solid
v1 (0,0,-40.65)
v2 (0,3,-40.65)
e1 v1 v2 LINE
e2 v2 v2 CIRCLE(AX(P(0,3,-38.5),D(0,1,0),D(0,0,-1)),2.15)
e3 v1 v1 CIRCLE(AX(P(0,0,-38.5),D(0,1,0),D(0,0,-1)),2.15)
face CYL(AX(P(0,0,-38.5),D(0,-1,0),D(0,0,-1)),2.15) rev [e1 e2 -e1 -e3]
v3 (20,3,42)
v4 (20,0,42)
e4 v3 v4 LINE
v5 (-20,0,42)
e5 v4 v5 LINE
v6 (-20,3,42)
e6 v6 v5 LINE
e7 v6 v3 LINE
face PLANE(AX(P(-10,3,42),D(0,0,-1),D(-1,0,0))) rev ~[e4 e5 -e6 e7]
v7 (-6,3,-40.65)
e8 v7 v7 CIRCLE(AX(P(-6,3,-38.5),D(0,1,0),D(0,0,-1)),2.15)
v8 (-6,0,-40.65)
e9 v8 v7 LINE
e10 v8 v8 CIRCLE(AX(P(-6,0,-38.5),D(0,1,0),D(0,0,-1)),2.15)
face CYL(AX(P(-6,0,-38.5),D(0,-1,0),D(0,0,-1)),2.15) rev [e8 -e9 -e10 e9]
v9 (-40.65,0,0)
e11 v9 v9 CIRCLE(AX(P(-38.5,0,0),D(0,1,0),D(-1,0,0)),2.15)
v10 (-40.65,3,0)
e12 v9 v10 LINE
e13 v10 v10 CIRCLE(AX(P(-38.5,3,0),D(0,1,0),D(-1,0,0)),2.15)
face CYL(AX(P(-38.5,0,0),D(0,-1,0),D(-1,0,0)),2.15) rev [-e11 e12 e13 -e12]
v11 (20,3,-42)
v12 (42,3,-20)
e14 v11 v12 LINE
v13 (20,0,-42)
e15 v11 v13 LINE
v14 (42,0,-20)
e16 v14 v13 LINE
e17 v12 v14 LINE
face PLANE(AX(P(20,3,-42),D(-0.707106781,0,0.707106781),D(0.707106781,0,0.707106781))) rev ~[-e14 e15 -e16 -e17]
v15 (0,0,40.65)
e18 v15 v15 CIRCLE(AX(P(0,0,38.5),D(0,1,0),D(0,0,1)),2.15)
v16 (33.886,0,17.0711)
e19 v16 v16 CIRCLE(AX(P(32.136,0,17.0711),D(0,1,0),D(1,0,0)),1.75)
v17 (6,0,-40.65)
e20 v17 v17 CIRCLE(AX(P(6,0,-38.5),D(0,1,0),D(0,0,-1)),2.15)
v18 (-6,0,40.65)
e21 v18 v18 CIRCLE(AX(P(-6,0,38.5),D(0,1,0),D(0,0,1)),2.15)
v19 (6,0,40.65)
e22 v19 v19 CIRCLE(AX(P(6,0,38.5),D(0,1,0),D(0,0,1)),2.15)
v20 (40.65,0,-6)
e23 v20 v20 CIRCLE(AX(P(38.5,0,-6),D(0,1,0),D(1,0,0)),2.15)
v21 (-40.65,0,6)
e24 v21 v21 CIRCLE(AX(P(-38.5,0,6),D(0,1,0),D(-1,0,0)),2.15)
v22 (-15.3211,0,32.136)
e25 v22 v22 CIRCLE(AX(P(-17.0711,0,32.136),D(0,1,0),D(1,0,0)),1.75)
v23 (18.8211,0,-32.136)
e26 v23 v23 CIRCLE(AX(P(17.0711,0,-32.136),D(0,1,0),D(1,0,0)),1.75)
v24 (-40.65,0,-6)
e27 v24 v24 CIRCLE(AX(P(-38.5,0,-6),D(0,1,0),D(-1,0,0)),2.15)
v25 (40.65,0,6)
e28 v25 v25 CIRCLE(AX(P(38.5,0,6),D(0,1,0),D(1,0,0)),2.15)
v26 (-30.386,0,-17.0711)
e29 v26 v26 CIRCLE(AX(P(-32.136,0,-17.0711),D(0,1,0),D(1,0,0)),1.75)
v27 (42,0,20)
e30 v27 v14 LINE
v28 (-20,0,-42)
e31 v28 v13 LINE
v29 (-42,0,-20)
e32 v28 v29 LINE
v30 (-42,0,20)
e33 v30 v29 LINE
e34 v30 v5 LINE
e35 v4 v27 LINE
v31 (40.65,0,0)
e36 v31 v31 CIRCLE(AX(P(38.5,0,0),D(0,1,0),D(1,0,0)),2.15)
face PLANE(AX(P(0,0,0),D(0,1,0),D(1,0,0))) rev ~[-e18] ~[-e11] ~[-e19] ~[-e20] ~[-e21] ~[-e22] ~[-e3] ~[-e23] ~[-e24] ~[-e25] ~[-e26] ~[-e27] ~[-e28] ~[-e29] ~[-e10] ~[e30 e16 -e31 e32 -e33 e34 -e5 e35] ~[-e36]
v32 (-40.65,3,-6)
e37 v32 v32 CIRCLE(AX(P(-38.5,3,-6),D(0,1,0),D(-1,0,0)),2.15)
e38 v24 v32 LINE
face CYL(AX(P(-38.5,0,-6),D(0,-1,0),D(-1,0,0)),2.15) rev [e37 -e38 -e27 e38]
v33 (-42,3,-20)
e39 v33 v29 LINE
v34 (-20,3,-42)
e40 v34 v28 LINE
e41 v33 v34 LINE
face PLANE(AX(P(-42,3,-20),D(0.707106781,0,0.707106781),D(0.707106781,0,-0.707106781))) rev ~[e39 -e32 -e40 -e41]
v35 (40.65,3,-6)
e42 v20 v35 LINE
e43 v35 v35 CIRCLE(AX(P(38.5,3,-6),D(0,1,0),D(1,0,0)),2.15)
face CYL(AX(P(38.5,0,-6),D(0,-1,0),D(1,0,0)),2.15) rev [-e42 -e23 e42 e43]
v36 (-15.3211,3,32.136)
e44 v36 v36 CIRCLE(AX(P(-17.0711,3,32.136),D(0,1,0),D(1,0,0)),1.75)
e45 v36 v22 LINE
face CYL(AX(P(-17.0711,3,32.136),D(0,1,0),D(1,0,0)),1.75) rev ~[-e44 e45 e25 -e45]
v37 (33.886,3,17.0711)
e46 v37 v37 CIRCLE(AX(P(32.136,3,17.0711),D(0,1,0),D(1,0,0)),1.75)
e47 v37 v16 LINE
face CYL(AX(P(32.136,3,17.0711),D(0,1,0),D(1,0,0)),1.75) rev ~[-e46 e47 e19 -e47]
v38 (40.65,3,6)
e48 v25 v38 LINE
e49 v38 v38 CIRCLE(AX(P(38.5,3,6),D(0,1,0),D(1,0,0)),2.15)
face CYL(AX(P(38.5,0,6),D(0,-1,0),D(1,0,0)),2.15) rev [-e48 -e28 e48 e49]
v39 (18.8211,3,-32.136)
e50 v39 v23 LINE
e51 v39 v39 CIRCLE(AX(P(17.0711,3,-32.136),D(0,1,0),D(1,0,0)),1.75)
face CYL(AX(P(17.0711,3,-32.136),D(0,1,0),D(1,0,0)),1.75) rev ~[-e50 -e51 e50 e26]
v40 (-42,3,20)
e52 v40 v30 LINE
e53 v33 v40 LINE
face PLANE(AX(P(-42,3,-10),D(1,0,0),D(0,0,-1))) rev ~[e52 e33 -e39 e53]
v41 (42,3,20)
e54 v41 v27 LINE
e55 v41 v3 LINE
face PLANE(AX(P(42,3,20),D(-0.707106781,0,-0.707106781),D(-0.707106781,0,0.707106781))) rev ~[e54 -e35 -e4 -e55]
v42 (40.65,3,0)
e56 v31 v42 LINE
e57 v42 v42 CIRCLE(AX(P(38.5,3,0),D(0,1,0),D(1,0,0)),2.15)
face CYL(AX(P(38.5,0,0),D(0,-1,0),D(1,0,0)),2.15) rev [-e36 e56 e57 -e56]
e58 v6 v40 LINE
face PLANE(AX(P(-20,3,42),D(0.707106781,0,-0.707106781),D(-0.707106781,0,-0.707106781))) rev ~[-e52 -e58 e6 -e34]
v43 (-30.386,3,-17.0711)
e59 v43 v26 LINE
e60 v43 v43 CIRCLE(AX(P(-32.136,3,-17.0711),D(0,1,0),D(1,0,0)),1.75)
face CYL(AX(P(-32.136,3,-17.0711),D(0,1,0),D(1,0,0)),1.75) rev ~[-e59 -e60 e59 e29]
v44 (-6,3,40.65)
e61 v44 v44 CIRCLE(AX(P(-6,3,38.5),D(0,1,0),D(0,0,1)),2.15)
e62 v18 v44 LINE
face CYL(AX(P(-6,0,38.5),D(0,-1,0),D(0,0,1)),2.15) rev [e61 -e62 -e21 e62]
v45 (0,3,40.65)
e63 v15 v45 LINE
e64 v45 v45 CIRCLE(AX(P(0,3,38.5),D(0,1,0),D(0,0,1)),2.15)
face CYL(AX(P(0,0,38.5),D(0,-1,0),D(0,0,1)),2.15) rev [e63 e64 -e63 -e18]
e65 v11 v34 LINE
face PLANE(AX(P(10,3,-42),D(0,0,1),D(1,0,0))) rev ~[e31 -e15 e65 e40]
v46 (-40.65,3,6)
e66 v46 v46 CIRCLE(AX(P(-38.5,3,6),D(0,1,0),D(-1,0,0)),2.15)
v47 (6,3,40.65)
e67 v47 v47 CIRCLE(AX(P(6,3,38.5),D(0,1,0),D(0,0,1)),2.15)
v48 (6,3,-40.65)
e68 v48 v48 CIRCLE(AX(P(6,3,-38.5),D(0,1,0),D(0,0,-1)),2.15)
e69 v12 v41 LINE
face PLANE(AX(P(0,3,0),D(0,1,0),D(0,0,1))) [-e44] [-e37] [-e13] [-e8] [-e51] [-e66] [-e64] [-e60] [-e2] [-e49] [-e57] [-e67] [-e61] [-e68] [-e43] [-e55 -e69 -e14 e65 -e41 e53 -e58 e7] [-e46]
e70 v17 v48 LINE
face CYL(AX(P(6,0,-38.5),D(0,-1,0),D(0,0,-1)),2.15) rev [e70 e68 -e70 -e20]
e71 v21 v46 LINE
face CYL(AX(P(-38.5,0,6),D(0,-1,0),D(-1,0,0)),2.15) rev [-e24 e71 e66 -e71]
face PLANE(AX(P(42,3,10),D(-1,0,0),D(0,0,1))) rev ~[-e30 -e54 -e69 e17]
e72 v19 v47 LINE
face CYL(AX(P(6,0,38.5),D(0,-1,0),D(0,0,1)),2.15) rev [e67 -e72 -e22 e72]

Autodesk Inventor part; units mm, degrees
ref_plane "YZ Plane" through (0, 0, 0) normal (1, 0, 0) x (0, 1, 0)
ref_plane "XZ Plane" through (0, 0, 0) normal (0, 1, 0) x (-1, 0, 0)
ref_plane "XY Plane" through (0, 0, 0) normal (0, 0, 1) x (1, 0, 0)
sketch "Esquisse1" plane through (0, 0, 0) normal (0, 1, 0) x (-1, 0, 0)
  line L0 (35, 35) -> (35, 14)
  line L1 (35, 14) -> (42, 10)
  line L2 (42, 10) -> (42, 0)
  line L3 (35, 35) -> (0, 0)
  line L4 (42, 0) -> (0, 0) construction
  line L5 (35, -35) -> (35, -14)
  line L6 (35, -14) -> (42, -10)
  line L7 (42, -10) -> (42, 0)
  line L8 (35, -35) -> (0, 0)
  line L9 (38.5, -12) -> (38.5, 12) construction
  circle A0 centre (38.5, 0) radius 2.15
  circle A1 centre (38.5, 6) radius 2.15
  circle A2 centre (38.5, -6) radius 2.15
  dimension "d0" = 90
  dimension "d1" = 70
  dimension "d4" = 6
  dimension "d11" = 6
  dimension "d16" = 4.3
  dimension "d17" = 20
  dimension "d18" = 4
  dimension "d19" = 7
extrude "Extrusion1" add sketch "Esquisse1" along normal blind 3
pattern_circular "Réseau circulaire1" count 4 over 360 about axis through (0, 0, 0) along (0, 1, 0) of "Extrusion1"
chamfer "Chanfrein1" distance 8 angle 45 4 edges at (35, 1.5, -35) (-35, 1.5, -35) (-35, 1.5, 35) (35, 1.5, 35)
ref_plane "Plan de construction3" through (-4, 0, 4) normal (0.7071, 0, 0.7071) x (0.7071, 0, -0.7071)
ref_plane "Plan de construction4" through (-4, 0, -4) normal (-0.7071, 0, 0.7071) x (0.7071, 0, 0.7071)
sketch "Esquisse15" plane through (0, 3, 0) normal (0, 1, 0) x (1, 0, 0)
  line L0 (35, -27) -> (27, -35) construction
  line L1 (35, -27) -> (35, -14) construction
  line L2 (35, -14) -> (42, -10) construction
  line L3 (42, -10) -> (42, 10) construction
  line L4 (42, 10) -> (35, 14) construction
  line L5 (35, 14) -> (35, 27) construction
  line L6 (27, 35) -> (35, 27) construction
  line L7 (27, 35) -> (14, 35) construction
  line L8 (14, 35) -> (10, 42) construction
  line L9 (10, 42) -> (-10, 42) construction
  line L10 (-10, 42) -> (-14, 35) construction
  line L11 (-14, 35) -> (-27, 35) construction
  line L12 (-35, 27) -> (-27, 35) construction
  line L13 (-35, 27) -> (-35, 14) construction
  line L14 (-35, 14) -> (-42, 10) construction
  line L15 (-42, 10) -> (-42, -10) construction
  line L16 (-42, -10) -> (-35, -14) construction
  line L17 (-35, -14) -> (-35, -27) construction
  line L18 (-27, -35) -> (-35, -27) construction
  line L19 (-27, -35) -> (-14, -35) construction
  line L20 (-14, -35) -> (-10, -42) construction
  line L21 (-10, -42) -> (10, -42) construction
  line L22 (10, -42) -> (14, -35) construction
  line L23 (14, -35) -> (27, -35) construction
  circle A0 centre (0, -38.5) radius 2.15 construction
  circle A1 centre (6, -38.5) radius 2.15 construction
  circle A2 centre (-6, -38.5) radius 2.15 construction
  circle A3 centre (38.5, -6) radius 2.15 construction
  circle A4 centre (38.5, 6) radius 2.15 construction
  circle A5 centre (38.5, 0) radius 2.15 construction
  circle A6 centre (6, 38.5) radius 2.15 construction
  circle A7 centre (-6, 38.5) radius 2.15 construction
  circle A8 centre (0, 38.5) radius 2.15 construction
  circle A9 centre (-38.5, 6) radius 2.15 construction
  circle A10 centre (-38.5, -6) radius 2.15 construction
  circle A11 centre (-38.5, 0) radius 2.15 construction
  line L24 (10, 42) -> (20, 42)
  line L25 (20, 42) -> (42, 20)
  line L26 (42, -10) -> (42, 10) projected
  line L27 (42, 20) -> (42, 10)
  line L28 (27, 35) -> (35, 27) projected
  line L29 (0, 0) -> (42, 10)
  line L30 (10, 42) -> (0, 0)
  line L31 (10, 42) -> (-10, 42) projected
extrude "Extrusion13" add sketch "Esquisse15" against normal blind 3
pattern_circular "Réseau circulaire7" count 4 over 360 about axis through (0, 0, 0) along (0, 1, 0) of "Extrusion13"
sketch "Esquisse9" plane through (0, 0, 0) normal (0, -1, 0) x (1, 0, 0)
  line L0 (0, 0) -> (21.8388, 21.8388) construction
  line L1 (0, 0) -> (66.7346, 0) construction
  line L2 (0, 0) -> (0, 22.6965) construction
  line L3 (31.4289, 0) -> (31.4289, 10)
  line L4 (31.4289, 10) -> (38.5, 17.0711)
  line L5 (38.5, 17.0711) -> (27.7855, 27.7855)
  line L6 (0, 31.4289) -> (10, 31.4289)
  line L7 (10, 31.4289) -> (17.0711, 38.5)
  line L8 (17.0711, 38.5) -> (27.7855, 27.7855)
  line L9 (38.5, -17.0711) -> (27.7855, -27.7855)
  line L10 (31.4289, -10) -> (38.5, -17.0711)
  line L11 (31.4289, 0) -> (31.4289, -10)
  line L12 (17.0711, -38.5) -> (27.7855, -27.7855)
  line L13 (10, -31.4289) -> (17.0711, -38.5)
  line L14 (0, -31.4289) -> (10, -31.4289)
  line L15 (-31.4289, 0) -> (-31.4289, -10)
  line L16 (-31.4289, -10) -> (-38.5, -17.0711)
  line L17 (-38.5, -17.0711) -> (-27.7855, -27.7855)
  line L18 (-17.0711, -38.5) -> (-27.7855, -27.7855)
  line L19 (0, -31.4289) -> (-10, -31.4289)
  line L20 (-10, -31.4289) -> (-17.0711, -38.5)
  line L21 (0, 0) -> (-66.7346, 0) construction
  line L22 (-31.4289, 0) -> (-31.4289, 10)
  line L23 (-31.4289, 10) -> (-38.5, 17.0711)
  line L24 (0, 31.4289) -> (-10, 31.4289)
  line L25 (0, 0) -> (-21.8388, 21.8388) construction
  line L26 (-10, 31.4289) -> (-17.0711, 38.5)
  line L27 (-17.0711, 38.5) -> (-27.7855, 27.7855)
  line L28 (-38.5, 17.0711) -> (-27.7855, 27.7855)
  line L29 (27.432, 27.432) -> (37.7929, 17.0711)
  line L30 (37.7929, 17.0711) -> (30.9289, 10.2071)
  line L31 (30.9289, 10.2071) -> (30.9289, 0)
  line L32 (30.9289, 0) -> (30.9289, -10.2071)
  line L33 (30.9289, -10.2071) -> (37.7929, -17.0711)
  line L34 (37.7929, -17.0711) -> (27.432, -27.432)
  line L35 (27.432, -27.432) -> (17.0711, -37.7929)
  line L36 (17.0711, -37.7929) -> (10.2071, -30.9289)
  line L37 (10.2071, -30.9289) -> (0, -30.9289)
  line L38 (0, -30.9289) -> (-10.2071, -30.9289)
  line L39 (-10.2071, -30.9289) -> (-17.0711, -37.7929)
  line L40 (-17.0711, -37.7929) -> (-27.432, -27.432)
  line L41 (-27.432, -27.432) -> (-37.7929, -17.0711)
  line L42 (-37.7929, -17.0711) -> (-30.9289, -10.2071)
  line L43 (-30.9289, -10.2071) -> (-30.9289, 0)
  line L44 (-30.9289, 0) -> (-30.9289, 10.2071)
  line L45 (-30.9289, 10.2071) -> (-37.7929, 17.0711)
  line L46 (-37.7929, 17.0711) -> (-27.432, 27.432)
  line L47 (-27.432, 27.432) -> (-17.0711, 37.7929)
  line L48 (-17.0711, 37.7929) -> (-10.2071, 30.9289)
  line L49 (-10.2071, 30.9289) -> (0, 30.9289)
  line L50 (0, 30.9289) -> (10.2071, 30.9289)
  line L51 (10.2071, 30.9289) -> (17.0711, 37.7929)
  line L52 (17.0711, 37.7929) -> (27.432, 27.432)
  dimension "d67" = 45
  dimension "d68" = 10
  dimension "d69" = 10
  dimension "d70" = 38.5
  dimension "d71" = 77
  dimension "d86" = 0.5
extrude "Extrusion9" cut sketch "Esquisse9" against normal through all contours L29 L30 L31 L32 L33 L34 L35 L36 L37 L38 L39 L40 L41 L42 L43 L44 L45 L46 L47 L48 L49 L50 L51 L52
sketch "Esquisse12" plane through (0, 3, 0) normal (0, 1, 0) x (1, 0, 0)
  line L0 (-10, -31.4289) -> (-17.0711, -38.5) projected
  line L1 (-17.0711, -38.5) -> (-27.7855, -27.7855) projected
  line L2 (-31.4289, -10) -> (-38.5, -17.0711) projected
  line L3 (-38.5, -17.0711) -> (-27.7855, -27.7855) projected
  line L4 (-10, -31.4289) -> (-15.6569, -25.7721)
  line L5 (-15.6569, -25.7721) -> (-22.7279, -32.8431)
  circle A0 centre (-17.0711, -32.136) radius 1.75
  line L6 (-10, -31.4289) -> (-17.0711, -38.5)
  line L7 (-17.0711, -38.5) -> (-22.7279, -32.8431)
  line L8 (31.4289, -10) -> (25.7721, -15.6569)
  line L9 (25.7721, -15.6569) -> (32.8431, -22.7279)
  circle A1 centre (32.136, -17.0711) radius 1.75
  line L10 (31.4289, -10) -> (38.5, -17.0711)
  line L11 (38.5, -17.0711) -> (32.8431, -22.7279)
  line L12 (10, 31.4289) -> (15.6569, 25.7721)
  line L13 (15.6569, 25.7721) -> (22.7279, 32.8431)
  circle A2 centre (17.0711, 32.136) radius 1.75
  line L14 (10, 31.4289) -> (17.0711, 38.5)
  line L15 (17.0711, 38.5) -> (22.7279, 32.8431)
  line L16 (-31.4289, 10) -> (-25.7721, 15.6569)
  line L17 (-25.7721, 15.6569) -> (-32.8431, 22.7279)
  circle A3 centre (-32.136, 17.0711) radius 1.75
  line L18 (-31.4289, 10) -> (-38.5, 17.0711)
  line L19 (-38.5, 17.0711) -> (-32.8431, 22.7279)
  point P0 (0, 0)
  dimension "d32" = 8
  dimension "d89" = 4.5
  dimension "d90" = 4.5
  dimension "d91" = 3.5
  dimension "d94" = 360
  dimension "d98" = 8
extrude "Extrusion10" add sketch "Esquisse12" against normal blind 3
sketch "Esquisse14" plane through (0, 3, 0) normal (0, 1, 0) x (1, 0, 0)
  line L0 (20, 42) -> (42, 20) projected
  line L1 (-42, 20) -> (-20, 42) projected
  line L2 (-20, -42) -> (-42, -20) projected
  line L3 (42, -20) -> (20, -42) projected
  circle A0 centre (17.0711, 32.136) radius 1.75 projected
  circle A1 centre (-17.0711, -32.136) radius 1.75 projected
  circle A2 centre (32.136, -17.0711) radius 1.75 projected
  circle A3 centre (-32.136, 17.0711) radius 1.75 projected
  line L4 (22.3744, 32.4896) -> (37.7929, 17.0711) projected
  line L5 (37.7929, 17.0711) -> (30.9289, 10.2071) projected
  line L6 (30.9289, 10.2071) -> (30.9289, -10.2071) projected
  line L7 (30.9289, -10.2071) -> (31.0754, -10.3536) projected
  line L8 (25.7721, -15.6569) -> (31.0754, -10.3536) projected
  line L9 (32.4896, -22.3744) -> (25.7721, -15.6569) projected
  line L10 (32.4896, -22.3744) -> (17.0711, -37.7929) projected
  line L11 (17.0711, -37.7929) -> (10.2071, -30.9289) projected
  line L12 (10.2071, -30.9289) -> (-10.2071, -30.9289) projected
  line L13 (-10.2071, -30.9289) -> (-10.3536, -31.0754) projected
  line L14 (-10.3536, -31.0754) -> (-15.6569, -25.7721) projected
  line L15 (-15.6569, -25.7721) -> (-22.3744, -32.4896) projected
  line L16 (-22.3744, -32.4896) -> (-37.7929, -17.0711) projected
  line L17 (-37.7929, -17.0711) -> (-30.9289, -10.2071) projected
  line L18 (-30.9289, -10.2071) -> (-30.9289, 10.2071) projected
  line L19 (-30.9289, 10.2071) -> (-31.0754, 10.3536) projected
  line L20 (-25.7721, 15.6569) -> (-31.0754, 10.3536) projected
  line L21 (-32.4896, 22.3744) -> (-25.7721, 15.6569) projected
  line L22 (-32.4896, 22.3744) -> (-17.0711, 37.7929) projected
  line L23 (-17.0711, 37.7929) -> (-10.2071, 30.9289) projected
  line L24 (-10.2071, 30.9289) -> (10.2071, 30.9289) projected
  line L25 (10.2071, 30.9289) -> (10.3536, 31.0754) projected
  line L26 (15.6569, 25.7721) -> (10.3536, 31.0754) projected
  line L27 (22.3744, 32.4896) -> (15.6569, 25.7721) projected
  circle A4 centre (38.5, 0) radius 2.15 projected
  circle A5 centre (38.5, 6) radius 2.15 projected
  circle A6 centre (38.5, -6) radius 2.15 projected
  circle A7 centre (-6, -38.5) radius 2.15 projected
  circle A8 centre (6, -38.5) radius 2.15 projected
  circle A9 centre (0, -38.5) radius 2.15 projected
  circle A10 centre (-38.5, 0) radius 2.15 projected
  circle A11 centre (-38.5, -6) radius 2.15 projected
  circle A12 centre (-38.5, 6) radius 2.15 projected
  circle A13 centre (0, 38.5) radius 2.15 projected
  circle A14 centre (-6, 38.5) radius 2.15 projected
  circle A15 centre (6, 38.5) radius 2.15 projected
  line L28 (42, 20) -> (42, -20) projected
  line L29 (-20, 42) -> (20, 42) projected
  line L30 (-42, -20) -> (-42, 20) projected
  line L31 (20, -42) -> (-20, -42) projected
  point P0 (0, 0)
extrude "Extrusion12" add sketch "Esquisse14" against normal blind 3 contours L4 L5 L6 L7 L8 L9 L10 L11 L12 L13 L14 L15 L16 L17 L18 L19 L20 L21 L22 L23 L24 L25 L26 L27
properties part number "bottom"
